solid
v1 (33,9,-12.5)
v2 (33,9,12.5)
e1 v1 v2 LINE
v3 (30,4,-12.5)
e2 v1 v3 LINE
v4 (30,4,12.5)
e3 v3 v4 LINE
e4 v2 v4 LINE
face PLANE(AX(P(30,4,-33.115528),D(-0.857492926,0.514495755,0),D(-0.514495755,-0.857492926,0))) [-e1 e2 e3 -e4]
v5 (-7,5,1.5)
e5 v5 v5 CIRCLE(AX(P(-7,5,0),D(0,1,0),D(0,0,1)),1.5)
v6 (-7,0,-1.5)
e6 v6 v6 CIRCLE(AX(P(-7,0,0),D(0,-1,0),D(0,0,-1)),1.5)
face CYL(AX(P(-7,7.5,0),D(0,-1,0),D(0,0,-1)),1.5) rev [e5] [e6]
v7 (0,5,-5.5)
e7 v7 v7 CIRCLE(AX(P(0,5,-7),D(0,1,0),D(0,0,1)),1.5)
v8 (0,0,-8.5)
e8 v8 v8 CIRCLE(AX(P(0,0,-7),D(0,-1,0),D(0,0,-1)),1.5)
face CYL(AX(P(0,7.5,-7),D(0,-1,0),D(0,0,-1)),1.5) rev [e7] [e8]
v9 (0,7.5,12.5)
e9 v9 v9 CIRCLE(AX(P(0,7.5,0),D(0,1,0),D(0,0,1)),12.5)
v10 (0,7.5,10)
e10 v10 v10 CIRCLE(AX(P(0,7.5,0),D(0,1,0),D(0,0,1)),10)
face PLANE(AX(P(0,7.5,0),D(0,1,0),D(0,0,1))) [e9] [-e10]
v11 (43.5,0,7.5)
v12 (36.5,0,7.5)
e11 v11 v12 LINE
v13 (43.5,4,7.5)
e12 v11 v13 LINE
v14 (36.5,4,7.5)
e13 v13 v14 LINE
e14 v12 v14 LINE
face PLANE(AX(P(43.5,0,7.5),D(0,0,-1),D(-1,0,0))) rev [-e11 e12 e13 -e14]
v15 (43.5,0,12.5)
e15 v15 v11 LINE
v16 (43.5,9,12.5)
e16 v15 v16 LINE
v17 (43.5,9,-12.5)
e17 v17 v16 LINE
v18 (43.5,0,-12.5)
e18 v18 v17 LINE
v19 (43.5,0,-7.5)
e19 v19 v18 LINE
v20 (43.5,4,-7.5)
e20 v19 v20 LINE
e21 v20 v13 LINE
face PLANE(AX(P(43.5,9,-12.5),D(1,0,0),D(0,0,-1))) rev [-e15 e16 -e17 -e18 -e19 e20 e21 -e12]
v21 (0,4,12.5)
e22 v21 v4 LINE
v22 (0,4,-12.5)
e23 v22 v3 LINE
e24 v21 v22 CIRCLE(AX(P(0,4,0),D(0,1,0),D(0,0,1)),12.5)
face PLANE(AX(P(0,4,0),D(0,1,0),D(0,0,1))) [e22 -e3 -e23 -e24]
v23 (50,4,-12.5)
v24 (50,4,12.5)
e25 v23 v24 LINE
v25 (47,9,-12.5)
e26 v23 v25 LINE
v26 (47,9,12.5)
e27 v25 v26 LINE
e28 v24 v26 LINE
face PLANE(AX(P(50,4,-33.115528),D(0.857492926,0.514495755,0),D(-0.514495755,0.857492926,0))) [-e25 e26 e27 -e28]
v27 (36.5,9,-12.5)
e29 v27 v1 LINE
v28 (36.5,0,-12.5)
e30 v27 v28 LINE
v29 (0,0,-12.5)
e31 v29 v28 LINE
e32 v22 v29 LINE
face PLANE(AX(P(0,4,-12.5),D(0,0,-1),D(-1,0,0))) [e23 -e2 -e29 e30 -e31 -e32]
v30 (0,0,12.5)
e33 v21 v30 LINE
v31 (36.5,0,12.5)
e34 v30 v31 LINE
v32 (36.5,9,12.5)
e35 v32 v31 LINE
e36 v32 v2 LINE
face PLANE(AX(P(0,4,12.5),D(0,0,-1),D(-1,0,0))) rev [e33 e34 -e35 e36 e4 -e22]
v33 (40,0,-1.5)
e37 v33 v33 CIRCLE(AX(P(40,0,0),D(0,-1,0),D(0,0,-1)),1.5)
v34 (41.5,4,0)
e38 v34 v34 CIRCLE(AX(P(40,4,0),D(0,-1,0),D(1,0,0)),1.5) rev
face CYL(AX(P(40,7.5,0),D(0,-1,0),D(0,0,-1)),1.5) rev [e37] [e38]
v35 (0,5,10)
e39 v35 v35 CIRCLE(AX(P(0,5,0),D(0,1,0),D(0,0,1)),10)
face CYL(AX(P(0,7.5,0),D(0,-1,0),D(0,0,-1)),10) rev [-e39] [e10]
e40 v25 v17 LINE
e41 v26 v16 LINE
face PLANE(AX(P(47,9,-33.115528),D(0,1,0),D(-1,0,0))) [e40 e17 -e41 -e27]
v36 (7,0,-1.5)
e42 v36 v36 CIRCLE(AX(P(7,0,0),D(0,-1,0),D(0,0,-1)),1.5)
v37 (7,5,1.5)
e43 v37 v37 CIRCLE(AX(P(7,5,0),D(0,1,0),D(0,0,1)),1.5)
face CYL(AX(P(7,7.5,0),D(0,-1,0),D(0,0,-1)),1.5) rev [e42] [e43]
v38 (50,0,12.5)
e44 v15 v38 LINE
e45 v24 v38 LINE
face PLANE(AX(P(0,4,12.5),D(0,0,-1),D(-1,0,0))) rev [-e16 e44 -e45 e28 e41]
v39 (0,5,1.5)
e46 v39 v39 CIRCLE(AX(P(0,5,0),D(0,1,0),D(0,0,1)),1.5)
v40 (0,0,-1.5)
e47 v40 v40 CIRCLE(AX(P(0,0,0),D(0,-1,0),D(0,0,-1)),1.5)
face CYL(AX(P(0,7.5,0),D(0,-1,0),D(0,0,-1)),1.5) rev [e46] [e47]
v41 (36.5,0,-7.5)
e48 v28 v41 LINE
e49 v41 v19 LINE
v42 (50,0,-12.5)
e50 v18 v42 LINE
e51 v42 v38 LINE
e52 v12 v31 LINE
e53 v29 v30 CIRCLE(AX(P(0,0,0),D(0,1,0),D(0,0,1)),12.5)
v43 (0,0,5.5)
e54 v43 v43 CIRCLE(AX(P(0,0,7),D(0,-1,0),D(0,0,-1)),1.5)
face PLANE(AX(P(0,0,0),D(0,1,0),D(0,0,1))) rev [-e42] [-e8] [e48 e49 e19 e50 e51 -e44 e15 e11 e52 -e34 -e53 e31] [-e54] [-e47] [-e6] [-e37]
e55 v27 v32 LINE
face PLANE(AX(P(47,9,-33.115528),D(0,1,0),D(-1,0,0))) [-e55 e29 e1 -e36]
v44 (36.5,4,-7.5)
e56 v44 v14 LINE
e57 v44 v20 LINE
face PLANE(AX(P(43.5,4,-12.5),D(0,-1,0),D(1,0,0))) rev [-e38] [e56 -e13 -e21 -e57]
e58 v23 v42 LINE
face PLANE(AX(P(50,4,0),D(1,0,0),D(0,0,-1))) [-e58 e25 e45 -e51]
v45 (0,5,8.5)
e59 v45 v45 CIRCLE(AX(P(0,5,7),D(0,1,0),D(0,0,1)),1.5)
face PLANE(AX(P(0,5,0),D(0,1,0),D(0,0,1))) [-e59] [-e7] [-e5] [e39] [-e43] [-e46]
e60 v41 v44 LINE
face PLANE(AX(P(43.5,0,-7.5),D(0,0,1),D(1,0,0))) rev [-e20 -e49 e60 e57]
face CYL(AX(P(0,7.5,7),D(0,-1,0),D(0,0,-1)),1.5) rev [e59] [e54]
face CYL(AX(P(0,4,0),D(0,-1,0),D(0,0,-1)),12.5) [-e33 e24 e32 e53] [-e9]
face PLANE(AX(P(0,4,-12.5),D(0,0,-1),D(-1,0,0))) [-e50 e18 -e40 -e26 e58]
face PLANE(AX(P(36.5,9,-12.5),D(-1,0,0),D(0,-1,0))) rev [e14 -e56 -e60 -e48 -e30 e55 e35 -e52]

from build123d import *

# Parameters (mm, degrees)
SKETCH_1_R          = 12.5
EXTRUDE_1_DEPTH     = 4
SKETCH_2_R          = 12.5
SKETCH_2_R_2        = 10
EXTRUDE_2_DEPTH     = 3.5
SKETCH_3_R          = 1.5
CUT_EXTRUDE_1_DEPTH = 53.08166664
EXTRUDE_3_DEPTH     = 25
SKETCH_5_W          = 7
SKETCH_5_H          = 5
CUT_EXTRUDE_2_DEPTH = 57.621550668
SKETCH_6_W          = 7
SKETCH_6_H          = 5
CUT_EXTRUDE_3_DEPTH = 52.780787943
SKETCH_7_R          = 10
SKETCH_7_R_2        = 1.5
EXTRUDE_4_DEPTH     = 1


with BuildPart() as part:
    # 草图1 → 凸台-拉伸1 (new body)
    with BuildSketch(Plane(origin=(0, 0, 0), x_dir=(1, 0, 0), z_dir=(0, 1, 0))):
        Circle(SKETCH_1_R)
        with BuildLine():
            Line((50, 12.5), (0, 12.5))
            ThreePointArc((0, 12.5), (8.838834765, 8.838834765), (12.5, 0))
            ThreePointArc((12.5, 0), (8.838834765, -8.838834765), (0, -12.5))
            Line((0, -12.5), (50, -12.5))
            Line((50, -12.5), (50, 12.5))
        make_face()
    extrude(amount=EXTRUDE_1_DEPTH)

    # 草图2 → 凸台-拉伸2 (add)
    with BuildSketch(Plane(origin=(0, 4, 0), x_dir=(1, 0, 0), z_dir=(0, 1, 0))):
        with Locations(Location((0, 0, 0), (0, 0, 270))):
            Circle(SKETCH_2_R)
        with Locations(Location((0, 0, 0), (0, 0, 270))):
            Circle(SKETCH_2_R_2, mode=Mode.SUBTRACT)
    extrude(amount=EXTRUDE_2_DEPTH)

    # 草图3 → 切除-拉伸1 (cut, through all)
    with BuildSketch(Plane.XZ):
        with Locations(Location((0, 0, 0), (0, 0, 270))):
            Circle(SKETCH_3_R)
        with Locations(Location((0, 7, 0), (0, 0, 270))):
            Circle(SKETCH_3_R)
        with Locations(Location((7, 0, 0), (0, 0, 270))):
            Circle(SKETCH_3_R)
        with Locations(Location((0, -7, 0), (0, 0, 270))):
            Circle(SKETCH_3_R)
        with Locations(Location((-7, 0, 0), (0, 0, 270))):
            Circle(SKETCH_3_R)
        with Locations(Location((40, 0, 0), (0, 0, 270))):
            Circle(SKETCH_3_R)
    extrude(amount=-CUT_EXTRUDE_1_DEPTH, mode=Mode.SUBTRACT)

    # 草图4 → 凸台-拉伸3 (add)
    with BuildSketch(Plane.XY.offset(12.5)):
        Polygon((50, 4), (47, 9), (33, 9), (30, 4), align=None)
    extrude(amount=-EXTRUDE_3_DEPTH)

    # 草图5 → 切除-拉伸2 (cut, through all)
    with BuildSketch(Plane.XY.offset(12.5)):
        with Locations((40, 6.5)):
            Rectangle(SKETCH_5_W, SKETCH_5_H)
    extrude(amount=-CUT_EXTRUDE_2_DEPTH, mode=Mode.SUBTRACT)

    # 草图6 → 切除-拉伸3 (cut, through all)
    with BuildSketch(Plane(origin=(0, 4, 0), x_dir=(1, 0, 0), z_dir=(0, 1, 0))):
        with Locations((40, -10)):
            Rectangle(SKETCH_6_W, SKETCH_6_H)
        with Locations((40, 10)):
            Rectangle(SKETCH_6_W, SKETCH_6_H)
    extrude(amount=-CUT_EXTRUDE_3_DEPTH, mode=Mode.SUBTRACT)

    # 草图7 → 凸台-拉伸4 (add)
    with BuildSketch(Plane(origin=(0, 4, 0), x_dir=(1, 0, 0), z_dir=(0, 1, 0))):
        with Locations(Location((0, 0, 0), (0, 0, 270))):
            Circle(SKETCH_7_R)
        with Locations(Location((0, 0, 0), (0, 0, 90))):
            Circle(SKETCH_7_R_2, mode=Mode.SUBTRACT)
        with Locations(Location((0, 7, 0), (0, 0, 90))):
            Circle(SKETCH_7_R_2, mode=Mode.SUBTRACT)
        with Locations(Location((7, 0, 0), (0, 0, 90))):
            Circle(SKETCH_7_R_2, mode=Mode.SUBTRACT)
        with Locations(Location((0, -7, 0), (0, 0, 90))):
            Circle(SKETCH_7_R_2, mode=Mode.SUBTRACT)
        with Locations(Location((-7, 0, 0), (0, 0, 90))):
            Circle(SKETCH_7_R_2, mode=Mode.SUBTRACT)
    extrude(amount=EXTRUDE_4_DEPTH)


solid = part.part
